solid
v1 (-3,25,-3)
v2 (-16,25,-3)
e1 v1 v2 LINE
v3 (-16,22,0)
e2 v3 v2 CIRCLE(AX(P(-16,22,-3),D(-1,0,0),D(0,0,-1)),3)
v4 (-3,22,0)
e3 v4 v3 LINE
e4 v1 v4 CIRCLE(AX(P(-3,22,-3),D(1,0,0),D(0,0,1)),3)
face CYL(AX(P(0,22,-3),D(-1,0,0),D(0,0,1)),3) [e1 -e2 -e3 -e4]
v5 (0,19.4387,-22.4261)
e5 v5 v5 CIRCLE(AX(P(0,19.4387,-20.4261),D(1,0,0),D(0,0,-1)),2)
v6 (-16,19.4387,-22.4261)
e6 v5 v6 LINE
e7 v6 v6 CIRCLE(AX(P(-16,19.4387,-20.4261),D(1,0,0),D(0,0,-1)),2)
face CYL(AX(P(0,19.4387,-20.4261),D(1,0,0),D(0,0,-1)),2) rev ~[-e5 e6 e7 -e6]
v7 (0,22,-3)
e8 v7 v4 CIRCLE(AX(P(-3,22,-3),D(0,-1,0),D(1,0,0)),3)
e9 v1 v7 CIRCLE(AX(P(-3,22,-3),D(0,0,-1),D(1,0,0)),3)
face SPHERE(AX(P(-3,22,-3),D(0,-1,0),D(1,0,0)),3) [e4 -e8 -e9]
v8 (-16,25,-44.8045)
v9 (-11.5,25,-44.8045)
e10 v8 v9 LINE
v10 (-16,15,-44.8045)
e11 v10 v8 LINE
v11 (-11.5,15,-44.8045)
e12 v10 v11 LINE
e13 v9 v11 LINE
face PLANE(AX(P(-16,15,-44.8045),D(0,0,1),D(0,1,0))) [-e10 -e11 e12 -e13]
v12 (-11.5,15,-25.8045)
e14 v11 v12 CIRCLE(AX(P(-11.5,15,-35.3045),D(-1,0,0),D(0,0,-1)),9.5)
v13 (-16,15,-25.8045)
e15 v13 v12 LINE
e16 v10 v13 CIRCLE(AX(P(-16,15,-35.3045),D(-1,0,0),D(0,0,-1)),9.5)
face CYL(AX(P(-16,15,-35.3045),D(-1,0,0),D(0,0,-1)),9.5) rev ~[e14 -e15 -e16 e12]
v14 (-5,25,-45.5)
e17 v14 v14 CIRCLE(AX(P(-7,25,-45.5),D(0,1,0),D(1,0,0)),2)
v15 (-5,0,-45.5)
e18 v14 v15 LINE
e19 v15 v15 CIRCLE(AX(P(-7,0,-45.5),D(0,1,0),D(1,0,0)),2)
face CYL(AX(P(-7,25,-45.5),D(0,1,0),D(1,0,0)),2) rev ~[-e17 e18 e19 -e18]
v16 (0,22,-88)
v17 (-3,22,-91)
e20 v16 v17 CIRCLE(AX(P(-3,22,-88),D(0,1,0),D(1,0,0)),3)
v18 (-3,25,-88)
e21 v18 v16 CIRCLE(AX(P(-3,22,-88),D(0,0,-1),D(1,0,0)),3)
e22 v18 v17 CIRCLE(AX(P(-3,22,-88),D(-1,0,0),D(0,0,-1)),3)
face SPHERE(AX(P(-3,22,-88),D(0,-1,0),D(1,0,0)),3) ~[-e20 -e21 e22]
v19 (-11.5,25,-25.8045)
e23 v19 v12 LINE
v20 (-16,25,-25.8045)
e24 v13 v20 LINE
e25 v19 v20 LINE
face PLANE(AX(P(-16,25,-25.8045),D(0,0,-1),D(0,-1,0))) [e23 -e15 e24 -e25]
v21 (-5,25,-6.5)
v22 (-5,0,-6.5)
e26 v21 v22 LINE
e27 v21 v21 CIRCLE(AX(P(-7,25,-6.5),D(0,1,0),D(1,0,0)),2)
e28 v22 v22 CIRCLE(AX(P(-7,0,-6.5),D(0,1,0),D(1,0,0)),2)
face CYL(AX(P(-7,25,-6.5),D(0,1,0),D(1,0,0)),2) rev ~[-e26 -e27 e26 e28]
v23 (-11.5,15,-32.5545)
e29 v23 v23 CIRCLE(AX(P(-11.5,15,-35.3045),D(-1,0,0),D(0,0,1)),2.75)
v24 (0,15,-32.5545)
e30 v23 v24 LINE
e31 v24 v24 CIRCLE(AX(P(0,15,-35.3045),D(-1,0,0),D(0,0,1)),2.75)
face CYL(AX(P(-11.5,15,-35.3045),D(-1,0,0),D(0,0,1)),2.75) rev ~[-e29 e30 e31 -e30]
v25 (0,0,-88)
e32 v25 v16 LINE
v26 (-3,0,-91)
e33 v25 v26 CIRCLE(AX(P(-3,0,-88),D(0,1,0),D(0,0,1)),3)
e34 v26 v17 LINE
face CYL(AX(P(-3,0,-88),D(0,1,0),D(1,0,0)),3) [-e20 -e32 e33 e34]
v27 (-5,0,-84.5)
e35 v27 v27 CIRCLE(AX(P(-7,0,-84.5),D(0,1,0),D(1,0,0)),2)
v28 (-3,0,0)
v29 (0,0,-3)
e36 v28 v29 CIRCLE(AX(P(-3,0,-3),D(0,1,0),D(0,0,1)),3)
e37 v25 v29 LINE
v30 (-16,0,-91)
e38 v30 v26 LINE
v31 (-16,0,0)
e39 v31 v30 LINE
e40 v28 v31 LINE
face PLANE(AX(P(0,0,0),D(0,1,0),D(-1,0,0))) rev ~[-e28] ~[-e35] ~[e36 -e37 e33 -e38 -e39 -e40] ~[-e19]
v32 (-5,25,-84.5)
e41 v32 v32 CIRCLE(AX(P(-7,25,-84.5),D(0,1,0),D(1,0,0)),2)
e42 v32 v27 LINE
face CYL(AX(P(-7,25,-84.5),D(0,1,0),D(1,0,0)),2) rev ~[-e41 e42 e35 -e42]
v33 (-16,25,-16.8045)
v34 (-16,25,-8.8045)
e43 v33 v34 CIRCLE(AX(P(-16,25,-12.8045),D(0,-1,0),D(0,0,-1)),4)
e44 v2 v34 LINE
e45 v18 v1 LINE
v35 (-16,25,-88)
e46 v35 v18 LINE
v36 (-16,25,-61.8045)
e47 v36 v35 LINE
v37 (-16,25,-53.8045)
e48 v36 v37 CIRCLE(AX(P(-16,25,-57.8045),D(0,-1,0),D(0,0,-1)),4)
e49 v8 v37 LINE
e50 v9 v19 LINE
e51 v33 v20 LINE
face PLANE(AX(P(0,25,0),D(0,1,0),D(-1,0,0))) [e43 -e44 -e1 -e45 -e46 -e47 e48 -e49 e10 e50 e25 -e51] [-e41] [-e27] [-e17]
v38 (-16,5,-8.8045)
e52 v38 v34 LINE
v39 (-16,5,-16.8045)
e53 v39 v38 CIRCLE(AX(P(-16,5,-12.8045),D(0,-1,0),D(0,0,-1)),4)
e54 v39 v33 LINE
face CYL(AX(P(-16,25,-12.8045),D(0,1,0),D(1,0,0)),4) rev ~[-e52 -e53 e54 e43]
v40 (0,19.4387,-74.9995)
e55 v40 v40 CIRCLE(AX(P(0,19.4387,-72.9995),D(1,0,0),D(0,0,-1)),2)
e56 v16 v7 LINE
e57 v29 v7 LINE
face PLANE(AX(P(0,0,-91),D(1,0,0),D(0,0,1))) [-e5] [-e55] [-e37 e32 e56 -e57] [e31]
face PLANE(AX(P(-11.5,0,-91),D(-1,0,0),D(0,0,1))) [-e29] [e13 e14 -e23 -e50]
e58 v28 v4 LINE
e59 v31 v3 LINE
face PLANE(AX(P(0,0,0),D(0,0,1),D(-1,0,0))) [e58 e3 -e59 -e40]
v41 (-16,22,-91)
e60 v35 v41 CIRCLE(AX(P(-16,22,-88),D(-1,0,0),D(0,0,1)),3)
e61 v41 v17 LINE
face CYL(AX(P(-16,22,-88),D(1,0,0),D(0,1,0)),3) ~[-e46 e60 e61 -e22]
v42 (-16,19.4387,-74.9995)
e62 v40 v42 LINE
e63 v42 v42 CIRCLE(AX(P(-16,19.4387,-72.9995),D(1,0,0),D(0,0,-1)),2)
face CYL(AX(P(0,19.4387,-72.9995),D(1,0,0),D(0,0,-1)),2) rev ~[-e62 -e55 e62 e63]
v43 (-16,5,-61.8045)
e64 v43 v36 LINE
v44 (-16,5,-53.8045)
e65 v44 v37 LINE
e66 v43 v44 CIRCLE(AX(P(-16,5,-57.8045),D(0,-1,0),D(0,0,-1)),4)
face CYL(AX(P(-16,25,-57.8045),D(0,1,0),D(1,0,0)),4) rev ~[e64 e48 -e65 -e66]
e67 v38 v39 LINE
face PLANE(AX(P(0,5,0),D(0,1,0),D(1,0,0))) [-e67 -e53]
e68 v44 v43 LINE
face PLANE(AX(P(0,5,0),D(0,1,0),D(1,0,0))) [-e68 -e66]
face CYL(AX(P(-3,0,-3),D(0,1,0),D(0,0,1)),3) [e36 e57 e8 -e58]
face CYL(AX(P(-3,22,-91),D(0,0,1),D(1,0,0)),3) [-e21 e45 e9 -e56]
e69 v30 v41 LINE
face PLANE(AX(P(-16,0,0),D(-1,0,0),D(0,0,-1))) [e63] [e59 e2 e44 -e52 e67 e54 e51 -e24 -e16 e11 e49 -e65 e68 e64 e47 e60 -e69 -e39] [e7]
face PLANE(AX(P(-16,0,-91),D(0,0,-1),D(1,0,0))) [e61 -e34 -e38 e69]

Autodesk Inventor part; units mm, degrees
ref_plane "YZ Plane" through (0, 0, 0) normal (1, 0, 0) x (0, 1, 0)
ref_plane "XZ Plane" through (0, 0, 0) normal (0, 1, 0) x (-1, 0, 0)
ref_plane "XY Plane" through (0, 0, 0) normal (0, 0, 1) x (1, 0, 0)
sketch "Sketch1" plane through (0, 0, 0) normal (0, 1, 0) x (-1, 0, 0)
  line L0 (0, 0) -> (16, 0)
  line L1 (16, 0) -> (16, -91)
  line L2 (16, -91) -> (0, -91)
  line L3 (0, -91) -> (0, 0)
  dimension "d0" = 16
  dimension "d1" = 91
extrude "Extrusion1" add sketch "Sketch1" along normal blind 25
sketch "Sketch2" plane through (0, 25, 0) normal (0, 1, 0) x (1, 0, 0)
  line L0 (-16, 91) -> (-16, 0) projected
  circle A0 centre (-16, 12.8045) radius 4
  circle A1 centre (-16, 57.8045) radius 4
  point P0 (0, 0)
  dimension "d4" = 8
  dimension "d5" = 8
  dimension "d6" = 45
extrude "Extrusion2" cut sketch "Sketch2" against normal blind 20
fillet "Fillet1" radius 3 5 edges at (0, 12.5, -91) (0, 12.5, 0) (0, 25, -45.5) (-8, 25, -91) (-8, 25, 0)
sketch "Sketch3" plane through (0, 25, 0) normal (0, 1, 0) x (1, 0, 0)
  circle A0 centre (-7, 6.5) radius 2
  circle A1 centre (-7, 45.5) radius 2
  circle A2 centre (-7, 84.5) radius 2
  line L0 (-16, 8.8045) -> (-16, 3) projected
  line L1 (-16, 53.8045) -> (-16, 16.8045) projected
  line L2 (-16, 88) -> (-16, 61.8045) projected
  point P0 (0, 0)
  dimension "d10" = 4
  dimension "d11" = 4
  dimension "d12" = 4
  dimension "d13" = 39
  dimension "d14" = 39
  dimension "d15" = 9
  dimension "d16" = 9
  dimension "d17" = 9
  dimension "d18" = 6.5
extrude "Extrusion3" cut sketch "Sketch3" against normal blind 30
sketch "Sketch4" plane through (0, 0, -3) normal (1, 0, 0) x (0, 0, -1)
  circle A0 centre (17.4261, 19.4387) radius 2
  circle A1 centre (69.9995, 19.4387) radius 2
  point P0 (-3, 0)
  dimension "d21" = 4
  dimension "d22" = 4
extrude "Extrusion4" cut sketch "Sketch4" against normal blind 30
sketch "Sketch5" plane through (-16, 0, -91) normal (-1, 0, 0) x (0, 0, 1)
  point P0 (91, 0)
sketch "Sketch6" plane through (-16, 0, -91) normal (-1, 0, 0) x (0, 0, 1)
  arc A0 (46.1955, 15) -> (65.1955, 15) centre (55.6955, 15) ccw
  line L0 (37.1955, 25) -> (37.1955, 5) projected
  line L1 (37.1955, 25) -> (74.1955, 25) projected
  line L2 (46.1955, 15) -> (46.1955, 30.0529)
  line L3 (46.1955, 30.0529) -> (65.1955, 30.0529)
  line L4 (65.1955, 30.0529) -> (65.1955, 15)
  point P0 (91, 0)
  dimension "d25" = 19
  dimension "d26" = 18.5
  dimension "d27" = 10
extrude "Extrusion5" cut sketch "Sketch6" against normal blind 4.5
sketch "Sketch7" plane through (-11.5, 0, -91) normal (-1, 0, 0) x (0, 0, 1)
  circle A0 centre (55.6955, 15) radius 2.75
  line L0 (37.1955, 25) -> (37.1955, 5) projected
  point P0 (91, 0)
  dimension "d30" = 5.5
  dimension "d31" = 18.5
extrude "Extrusion6" cut sketch "Sketch7" against normal blind 30
properties part number "ldlerradrod"
